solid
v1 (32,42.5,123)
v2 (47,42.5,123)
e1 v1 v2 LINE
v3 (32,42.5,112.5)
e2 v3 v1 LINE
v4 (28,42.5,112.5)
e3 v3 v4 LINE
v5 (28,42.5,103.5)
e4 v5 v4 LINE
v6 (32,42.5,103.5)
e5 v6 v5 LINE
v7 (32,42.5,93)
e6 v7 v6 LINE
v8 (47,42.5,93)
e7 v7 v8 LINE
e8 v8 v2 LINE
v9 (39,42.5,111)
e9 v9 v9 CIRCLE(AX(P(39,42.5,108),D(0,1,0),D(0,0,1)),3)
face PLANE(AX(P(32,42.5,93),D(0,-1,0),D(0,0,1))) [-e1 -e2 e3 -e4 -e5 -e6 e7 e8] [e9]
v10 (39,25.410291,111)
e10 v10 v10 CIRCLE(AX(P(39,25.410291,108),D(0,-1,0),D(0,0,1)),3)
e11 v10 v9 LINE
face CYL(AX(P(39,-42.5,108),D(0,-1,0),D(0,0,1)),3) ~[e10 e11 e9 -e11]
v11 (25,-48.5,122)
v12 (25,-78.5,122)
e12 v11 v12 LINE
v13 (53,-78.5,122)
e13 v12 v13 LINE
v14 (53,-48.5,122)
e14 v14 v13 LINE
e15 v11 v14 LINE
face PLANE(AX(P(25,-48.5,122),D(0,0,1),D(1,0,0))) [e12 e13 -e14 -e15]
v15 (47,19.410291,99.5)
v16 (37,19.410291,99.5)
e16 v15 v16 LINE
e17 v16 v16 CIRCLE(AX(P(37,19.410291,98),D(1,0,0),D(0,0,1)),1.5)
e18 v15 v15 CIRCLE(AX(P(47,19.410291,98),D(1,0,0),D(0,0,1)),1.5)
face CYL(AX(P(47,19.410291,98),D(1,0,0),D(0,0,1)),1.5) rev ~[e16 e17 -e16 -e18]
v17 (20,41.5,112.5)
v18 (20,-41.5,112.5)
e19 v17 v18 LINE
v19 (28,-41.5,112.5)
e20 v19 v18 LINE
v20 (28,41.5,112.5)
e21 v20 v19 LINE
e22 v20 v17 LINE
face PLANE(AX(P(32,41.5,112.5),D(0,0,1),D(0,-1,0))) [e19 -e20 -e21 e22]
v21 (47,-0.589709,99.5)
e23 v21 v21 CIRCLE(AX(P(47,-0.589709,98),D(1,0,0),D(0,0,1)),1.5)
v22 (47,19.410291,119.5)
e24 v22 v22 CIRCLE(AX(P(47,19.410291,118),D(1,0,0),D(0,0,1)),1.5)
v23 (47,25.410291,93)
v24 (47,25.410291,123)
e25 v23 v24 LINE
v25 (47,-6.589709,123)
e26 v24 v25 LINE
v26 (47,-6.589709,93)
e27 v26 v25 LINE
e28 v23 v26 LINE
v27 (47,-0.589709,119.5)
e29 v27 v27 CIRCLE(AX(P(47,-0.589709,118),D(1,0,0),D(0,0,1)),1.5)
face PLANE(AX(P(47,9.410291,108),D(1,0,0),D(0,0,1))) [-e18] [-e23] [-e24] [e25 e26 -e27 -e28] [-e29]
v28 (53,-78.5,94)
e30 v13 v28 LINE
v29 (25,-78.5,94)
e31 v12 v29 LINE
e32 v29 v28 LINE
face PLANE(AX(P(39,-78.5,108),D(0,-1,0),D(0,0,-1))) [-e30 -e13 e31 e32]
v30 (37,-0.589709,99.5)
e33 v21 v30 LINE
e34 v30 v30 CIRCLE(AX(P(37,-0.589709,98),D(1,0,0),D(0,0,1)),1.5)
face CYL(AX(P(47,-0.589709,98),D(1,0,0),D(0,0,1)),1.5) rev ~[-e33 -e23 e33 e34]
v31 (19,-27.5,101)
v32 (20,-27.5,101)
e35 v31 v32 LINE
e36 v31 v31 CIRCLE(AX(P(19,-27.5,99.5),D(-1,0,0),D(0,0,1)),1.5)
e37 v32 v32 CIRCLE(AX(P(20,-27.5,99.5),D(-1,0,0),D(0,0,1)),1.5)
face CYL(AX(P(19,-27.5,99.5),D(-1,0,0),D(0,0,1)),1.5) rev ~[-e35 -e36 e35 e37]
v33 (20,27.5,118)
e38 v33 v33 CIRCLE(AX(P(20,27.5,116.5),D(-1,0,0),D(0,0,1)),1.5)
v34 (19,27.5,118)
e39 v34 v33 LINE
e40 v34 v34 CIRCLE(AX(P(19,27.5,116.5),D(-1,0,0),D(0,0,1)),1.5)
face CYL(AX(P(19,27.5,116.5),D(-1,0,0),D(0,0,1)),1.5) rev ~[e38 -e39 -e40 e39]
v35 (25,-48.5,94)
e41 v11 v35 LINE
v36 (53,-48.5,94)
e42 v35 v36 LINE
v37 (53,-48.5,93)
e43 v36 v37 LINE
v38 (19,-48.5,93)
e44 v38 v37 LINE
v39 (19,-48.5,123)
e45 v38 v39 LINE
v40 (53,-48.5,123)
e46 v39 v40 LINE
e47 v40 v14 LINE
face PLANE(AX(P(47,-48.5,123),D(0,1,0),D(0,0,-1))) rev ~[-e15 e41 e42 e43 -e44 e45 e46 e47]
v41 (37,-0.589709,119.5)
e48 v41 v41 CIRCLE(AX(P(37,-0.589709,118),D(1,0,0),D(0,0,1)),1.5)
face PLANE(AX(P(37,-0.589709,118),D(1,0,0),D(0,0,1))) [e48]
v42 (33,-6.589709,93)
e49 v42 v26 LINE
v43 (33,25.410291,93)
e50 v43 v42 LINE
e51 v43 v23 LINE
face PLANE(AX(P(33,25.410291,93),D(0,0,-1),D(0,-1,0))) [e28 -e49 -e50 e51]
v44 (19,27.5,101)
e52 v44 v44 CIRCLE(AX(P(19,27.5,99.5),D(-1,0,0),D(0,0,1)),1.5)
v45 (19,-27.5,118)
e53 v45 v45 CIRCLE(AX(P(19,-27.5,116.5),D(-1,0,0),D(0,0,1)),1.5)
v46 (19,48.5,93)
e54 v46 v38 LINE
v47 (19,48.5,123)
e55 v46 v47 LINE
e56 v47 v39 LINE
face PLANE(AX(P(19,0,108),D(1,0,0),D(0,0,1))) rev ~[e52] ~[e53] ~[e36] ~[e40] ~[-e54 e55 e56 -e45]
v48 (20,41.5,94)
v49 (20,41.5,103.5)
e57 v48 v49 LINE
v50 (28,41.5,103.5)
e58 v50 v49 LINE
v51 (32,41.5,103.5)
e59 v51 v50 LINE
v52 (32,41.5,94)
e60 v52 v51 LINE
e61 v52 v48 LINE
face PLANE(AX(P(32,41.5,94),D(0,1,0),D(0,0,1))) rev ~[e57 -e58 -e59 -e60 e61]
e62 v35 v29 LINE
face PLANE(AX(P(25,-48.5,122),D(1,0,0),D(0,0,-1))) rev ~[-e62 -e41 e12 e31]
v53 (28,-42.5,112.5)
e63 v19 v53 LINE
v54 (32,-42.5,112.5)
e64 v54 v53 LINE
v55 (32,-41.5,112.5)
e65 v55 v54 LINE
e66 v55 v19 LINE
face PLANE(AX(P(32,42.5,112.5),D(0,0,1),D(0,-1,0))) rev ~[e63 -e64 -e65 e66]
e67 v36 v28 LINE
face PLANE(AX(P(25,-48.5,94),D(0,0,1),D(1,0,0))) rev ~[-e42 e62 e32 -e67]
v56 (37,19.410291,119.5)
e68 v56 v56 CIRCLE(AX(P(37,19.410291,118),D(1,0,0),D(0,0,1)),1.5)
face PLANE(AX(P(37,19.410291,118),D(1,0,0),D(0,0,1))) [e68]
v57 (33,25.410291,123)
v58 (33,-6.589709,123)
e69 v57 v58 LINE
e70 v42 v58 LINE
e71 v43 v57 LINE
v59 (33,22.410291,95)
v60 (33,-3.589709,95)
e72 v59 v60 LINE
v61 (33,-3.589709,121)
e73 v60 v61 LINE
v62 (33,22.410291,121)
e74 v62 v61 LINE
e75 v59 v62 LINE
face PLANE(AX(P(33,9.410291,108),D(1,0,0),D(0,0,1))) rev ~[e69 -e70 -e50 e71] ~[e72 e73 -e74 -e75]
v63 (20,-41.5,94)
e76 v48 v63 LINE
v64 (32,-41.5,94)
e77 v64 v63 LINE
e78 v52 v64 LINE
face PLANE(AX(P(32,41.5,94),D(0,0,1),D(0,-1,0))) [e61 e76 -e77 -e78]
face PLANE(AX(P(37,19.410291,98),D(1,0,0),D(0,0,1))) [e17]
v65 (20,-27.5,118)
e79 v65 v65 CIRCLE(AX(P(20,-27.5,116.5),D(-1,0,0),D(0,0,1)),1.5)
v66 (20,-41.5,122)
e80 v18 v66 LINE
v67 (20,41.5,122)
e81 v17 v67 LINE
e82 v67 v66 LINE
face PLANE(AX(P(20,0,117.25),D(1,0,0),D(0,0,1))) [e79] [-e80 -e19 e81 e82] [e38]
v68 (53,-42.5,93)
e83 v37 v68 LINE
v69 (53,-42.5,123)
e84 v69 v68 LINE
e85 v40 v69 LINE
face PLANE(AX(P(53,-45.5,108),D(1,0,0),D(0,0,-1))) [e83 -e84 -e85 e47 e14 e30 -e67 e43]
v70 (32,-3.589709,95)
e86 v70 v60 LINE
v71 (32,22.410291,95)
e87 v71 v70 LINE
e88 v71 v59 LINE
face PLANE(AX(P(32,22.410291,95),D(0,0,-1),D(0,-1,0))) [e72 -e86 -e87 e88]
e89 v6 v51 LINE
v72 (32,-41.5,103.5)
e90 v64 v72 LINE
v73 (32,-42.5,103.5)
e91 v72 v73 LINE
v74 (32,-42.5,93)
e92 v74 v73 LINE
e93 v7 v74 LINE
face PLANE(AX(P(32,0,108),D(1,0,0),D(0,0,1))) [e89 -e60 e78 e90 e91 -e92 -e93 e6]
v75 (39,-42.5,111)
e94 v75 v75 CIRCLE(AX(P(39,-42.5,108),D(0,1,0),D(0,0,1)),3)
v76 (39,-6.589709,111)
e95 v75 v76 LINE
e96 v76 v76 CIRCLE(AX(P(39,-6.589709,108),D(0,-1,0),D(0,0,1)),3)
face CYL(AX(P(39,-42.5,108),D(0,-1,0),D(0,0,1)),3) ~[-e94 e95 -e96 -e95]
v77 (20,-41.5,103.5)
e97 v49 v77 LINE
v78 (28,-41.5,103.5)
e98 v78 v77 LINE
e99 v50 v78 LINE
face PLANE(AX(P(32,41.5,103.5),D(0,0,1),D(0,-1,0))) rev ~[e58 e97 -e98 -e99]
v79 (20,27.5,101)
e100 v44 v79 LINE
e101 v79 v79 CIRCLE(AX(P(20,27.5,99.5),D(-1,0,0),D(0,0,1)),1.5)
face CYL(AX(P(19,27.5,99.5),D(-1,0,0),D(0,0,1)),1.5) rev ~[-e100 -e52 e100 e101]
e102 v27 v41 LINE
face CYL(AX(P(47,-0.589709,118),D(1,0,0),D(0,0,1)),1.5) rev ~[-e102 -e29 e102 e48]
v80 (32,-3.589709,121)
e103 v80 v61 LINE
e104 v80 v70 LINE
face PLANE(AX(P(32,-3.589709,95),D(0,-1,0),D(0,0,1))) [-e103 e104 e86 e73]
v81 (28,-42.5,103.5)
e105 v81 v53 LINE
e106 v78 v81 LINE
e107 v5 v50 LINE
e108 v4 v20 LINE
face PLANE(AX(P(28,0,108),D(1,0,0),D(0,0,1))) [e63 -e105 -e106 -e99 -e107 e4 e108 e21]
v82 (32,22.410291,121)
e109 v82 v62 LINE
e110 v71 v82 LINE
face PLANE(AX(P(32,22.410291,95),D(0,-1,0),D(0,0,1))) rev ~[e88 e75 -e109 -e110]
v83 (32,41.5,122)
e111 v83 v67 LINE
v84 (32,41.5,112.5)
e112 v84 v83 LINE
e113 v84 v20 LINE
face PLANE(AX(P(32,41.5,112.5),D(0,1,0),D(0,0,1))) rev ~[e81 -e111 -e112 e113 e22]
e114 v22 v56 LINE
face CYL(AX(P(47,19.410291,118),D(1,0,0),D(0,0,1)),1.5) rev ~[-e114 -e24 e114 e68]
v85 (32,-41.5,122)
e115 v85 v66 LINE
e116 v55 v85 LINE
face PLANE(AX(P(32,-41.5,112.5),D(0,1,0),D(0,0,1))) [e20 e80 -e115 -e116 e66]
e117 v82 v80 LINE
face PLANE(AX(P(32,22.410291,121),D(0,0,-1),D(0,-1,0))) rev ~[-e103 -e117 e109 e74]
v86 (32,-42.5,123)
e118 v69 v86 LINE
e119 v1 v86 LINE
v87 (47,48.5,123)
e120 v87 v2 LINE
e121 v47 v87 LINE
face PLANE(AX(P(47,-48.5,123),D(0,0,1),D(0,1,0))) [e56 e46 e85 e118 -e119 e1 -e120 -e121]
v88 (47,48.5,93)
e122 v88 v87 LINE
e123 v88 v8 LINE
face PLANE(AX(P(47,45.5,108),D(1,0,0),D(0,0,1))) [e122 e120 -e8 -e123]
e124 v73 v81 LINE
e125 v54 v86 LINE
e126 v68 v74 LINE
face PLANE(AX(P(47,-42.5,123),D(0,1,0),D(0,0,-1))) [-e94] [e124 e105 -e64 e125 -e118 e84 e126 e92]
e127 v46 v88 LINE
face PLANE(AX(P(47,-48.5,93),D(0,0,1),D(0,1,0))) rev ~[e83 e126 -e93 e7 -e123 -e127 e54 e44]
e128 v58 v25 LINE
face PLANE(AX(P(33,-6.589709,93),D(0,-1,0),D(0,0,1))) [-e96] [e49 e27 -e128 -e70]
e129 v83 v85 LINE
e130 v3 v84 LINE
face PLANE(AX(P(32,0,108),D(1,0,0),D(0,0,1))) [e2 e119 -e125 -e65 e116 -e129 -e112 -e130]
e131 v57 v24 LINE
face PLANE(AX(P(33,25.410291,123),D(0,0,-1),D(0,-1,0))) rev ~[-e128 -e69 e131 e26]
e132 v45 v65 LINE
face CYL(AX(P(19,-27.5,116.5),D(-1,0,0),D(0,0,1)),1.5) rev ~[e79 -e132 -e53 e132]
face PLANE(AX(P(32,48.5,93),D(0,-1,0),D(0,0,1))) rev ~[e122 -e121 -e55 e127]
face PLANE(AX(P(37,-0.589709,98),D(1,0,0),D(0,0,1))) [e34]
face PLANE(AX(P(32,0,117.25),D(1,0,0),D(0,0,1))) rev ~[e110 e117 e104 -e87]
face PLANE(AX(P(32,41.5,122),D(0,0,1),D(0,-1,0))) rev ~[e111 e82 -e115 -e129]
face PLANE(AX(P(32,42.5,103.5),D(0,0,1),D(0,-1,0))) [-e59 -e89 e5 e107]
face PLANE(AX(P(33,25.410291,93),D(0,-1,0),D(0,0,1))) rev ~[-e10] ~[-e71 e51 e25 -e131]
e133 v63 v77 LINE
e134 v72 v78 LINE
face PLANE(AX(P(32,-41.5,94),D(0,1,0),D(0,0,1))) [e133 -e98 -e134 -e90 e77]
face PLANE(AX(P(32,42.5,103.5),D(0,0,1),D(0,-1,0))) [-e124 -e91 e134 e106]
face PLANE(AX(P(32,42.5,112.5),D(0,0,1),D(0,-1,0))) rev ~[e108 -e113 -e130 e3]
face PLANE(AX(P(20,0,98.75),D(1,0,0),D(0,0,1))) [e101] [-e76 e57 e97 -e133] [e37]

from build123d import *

# Parameters (mm, degrees)
SKETCH003_W             = 30
SKETCH003_H             = 97
PAD002_DEPTH            = 13
SKETCH004_W             = 30
SKETCH004_H             = 6
PAD003_DEPTH            = 15
PAD003_FACE5_W          = 30
PAD003_FACE5_H          = 6
PAD004_DEPTH            = 6
SKETCH005_W             = 28
SKETCH005_H             = 28
PAD005_DEPTH            = 30
SKETCH006_W             = 26
SKETCH006_H             = 26
PAD006_DEPTH            = 1
SKETCH007_W             = 30
SKETCH007_H             = 32
PAD007_DEPTH            = 14
SKETCH008_R             = 1.5
POCKET_DEPTH            = 10
SKETCH009_R             = 3
PAD008_DEPTH            = 85
SKETCH010_W             = 9
SKETCH010_H             = 85
POCKET001_DEPTH         = 4
SKETCH011_R             = 1.5
POCKET002_DEPTH         = 14
SKETCH028_W             = 9.5
SKETCH028_H             = 83
POCKET007_DEPTH         = 12
SKETCH029_W             = 9.5
SKETCH029_H             = 83
POCKET008_DEPTH         = 12
BODY001_PITCH_ANGLE     = -90
BODY001_PLACEMENT_ANGLE = 90


with BuildPart() as part:
    # Sketch003 → Pad002 (new body)
    with BuildSketch(Plane.XZ):
        Rectangle(SKETCH003_W, SKETCH003_H)
    extrude(amount=PAD002_DEPTH)

    # Sketch004 (on Face6 of Pad002) → Pad003 (join)
    with BuildSketch(Plane.XZ.offset(13)):
        with Locations((0, -45.5)):
            Rectangle(SKETCH004_W, SKETCH004_H)
        with Locations((0, 45.5)):
            Rectangle(SKETCH004_W, SKETCH004_H)
    extrude(amount=PAD003_DEPTH)

    # Pad003 Face5 → Pad004 (add)
    with BuildSketch(Plane(origin=(0, -28, 45.5), x_dir=(-1, 0, 0), z_dir=(0, -1, 0))):
        Rectangle(PAD003_FACE5_W, PAD003_FACE5_H)
    extrude(amount=PAD004_DEPTH)

    # Sketch005 (on Face8 of Pad004) → Pad005 (join)
    with BuildSketch(Plane(origin=(0, 0, 48.5), x_dir=(-1, 0, 0), z_dir=(0, 0, 1))):
        with Locations((0, 20)):
            Rectangle(SKETCH005_W, SKETCH005_H)
    extrude(amount=PAD005_DEPTH)

    # Sketch006 (on Face1 of Pad005) → Pad006 (join)
    with BuildSketch(Plane(origin=(0, -13, 10), x_dir=(1, 0, 0), z_dir=(0, -1, 0))):
        with Locations((0, -19.410291)):
            Rectangle(SKETCH006_W, SKETCH006_H)
    extrude(amount=PAD006_DEPTH)

    # Sketch007 (on Face15 of Pad006) → Pad007 (join)
    with BuildSketch(Plane.XZ.offset(14)):
        with Locations((0, -9.410291)):
            Rectangle(SKETCH007_W, SKETCH007_H)
    extrude(amount=PAD007_DEPTH)

    # Sketch008 (on Face24 of Pad007) → Pocket (cut)
    with BuildSketch(Plane.XZ.offset(28)):
        with Locations((-10, 0.589709)):
            Circle(SKETCH008_R)
        with Locations((10, 0.589709)):
            Circle(SKETCH008_R)
        with Locations((10, -19.410291)):
            Circle(SKETCH008_R)
        with Locations((-10, -19.410291)):
            Circle(SKETCH008_R)
    extrude(amount=-POCKET_DEPTH, mode=Mode.SUBTRACT)

    # Sketch009 (on Face5 of Pocket) → Pad008 (join)
    with BuildSketch(Plane(origin=(0, 0, 42.5), x_dir=(1, 0, 0), z_dir=(0, 0, -1))):
        with Locations((0, 20)):
            Circle(SKETCH009_R)
    extrude(amount=PAD008_DEPTH)

    # Sketch010 (on Face1 of Pad008) → Pocket001 (cut)
    with BuildSketch(Plane.XZ.offset(13)):
        Rectangle(SKETCH010_W, SKETCH010_H)
    extrude(amount=-POCKET001_DEPTH, mode=Mode.SUBTRACT)

    # Sketch011 (on Face8 of Pocket001) → Pocket002 (cut)
    with BuildSketch(Plane(origin=(0, 0, 0), x_dir=(1, 0, 0), z_dir=(0, 1, 0))):
        with Locations((-8.5, 27.5)):
            Circle(SKETCH011_R)
        with Locations((8.5, 27.5)):
            Circle(SKETCH011_R)
        with Locations((8.5, -27.5)):
            Circle(SKETCH011_R)
        with Locations((-8.5, -27.5)):
            Circle(SKETCH011_R)
    extrude(amount=-POCKET002_DEPTH, mode=Mode.SUBTRACT)

    # Sketch028 (on Face18 of Pocket002) → Pocket007 (cut)
    with BuildSketch(Plane.XZ.offset(13)):
        with Locations((-9.25, 0)):
            Rectangle(SKETCH028_W, SKETCH028_H)
    extrude(amount=-POCKET007_DEPTH, mode=Mode.SUBTRACT)

    # Sketch029 (on Face1 of Pocket007) → Pocket008 (cut)
    with BuildSketch(Plane.XZ.offset(13)):
        with Locations((9.25, 0)):
            Rectangle(SKETCH029_W, SKETCH029_H)
    extrude(amount=-POCKET008_DEPTH, mode=Mode.SUBTRACT)


with BuildPart() as part_1:
    # Body001 pitch: moved
    add(part.part.rotate(Axis((0, 0, 0), (0, 1, 0)), BODY001_PITCH_ANGLE))


with BuildPart() as part_2:
    # Body001 placement: moved
    add(part_1.part.moved(Location((19, 0, 108))).rotate(Axis((19, 0, 108), (0, 0, 1)), BODY001_PLACEMENT_ANGLE))


solid = part_2.part
